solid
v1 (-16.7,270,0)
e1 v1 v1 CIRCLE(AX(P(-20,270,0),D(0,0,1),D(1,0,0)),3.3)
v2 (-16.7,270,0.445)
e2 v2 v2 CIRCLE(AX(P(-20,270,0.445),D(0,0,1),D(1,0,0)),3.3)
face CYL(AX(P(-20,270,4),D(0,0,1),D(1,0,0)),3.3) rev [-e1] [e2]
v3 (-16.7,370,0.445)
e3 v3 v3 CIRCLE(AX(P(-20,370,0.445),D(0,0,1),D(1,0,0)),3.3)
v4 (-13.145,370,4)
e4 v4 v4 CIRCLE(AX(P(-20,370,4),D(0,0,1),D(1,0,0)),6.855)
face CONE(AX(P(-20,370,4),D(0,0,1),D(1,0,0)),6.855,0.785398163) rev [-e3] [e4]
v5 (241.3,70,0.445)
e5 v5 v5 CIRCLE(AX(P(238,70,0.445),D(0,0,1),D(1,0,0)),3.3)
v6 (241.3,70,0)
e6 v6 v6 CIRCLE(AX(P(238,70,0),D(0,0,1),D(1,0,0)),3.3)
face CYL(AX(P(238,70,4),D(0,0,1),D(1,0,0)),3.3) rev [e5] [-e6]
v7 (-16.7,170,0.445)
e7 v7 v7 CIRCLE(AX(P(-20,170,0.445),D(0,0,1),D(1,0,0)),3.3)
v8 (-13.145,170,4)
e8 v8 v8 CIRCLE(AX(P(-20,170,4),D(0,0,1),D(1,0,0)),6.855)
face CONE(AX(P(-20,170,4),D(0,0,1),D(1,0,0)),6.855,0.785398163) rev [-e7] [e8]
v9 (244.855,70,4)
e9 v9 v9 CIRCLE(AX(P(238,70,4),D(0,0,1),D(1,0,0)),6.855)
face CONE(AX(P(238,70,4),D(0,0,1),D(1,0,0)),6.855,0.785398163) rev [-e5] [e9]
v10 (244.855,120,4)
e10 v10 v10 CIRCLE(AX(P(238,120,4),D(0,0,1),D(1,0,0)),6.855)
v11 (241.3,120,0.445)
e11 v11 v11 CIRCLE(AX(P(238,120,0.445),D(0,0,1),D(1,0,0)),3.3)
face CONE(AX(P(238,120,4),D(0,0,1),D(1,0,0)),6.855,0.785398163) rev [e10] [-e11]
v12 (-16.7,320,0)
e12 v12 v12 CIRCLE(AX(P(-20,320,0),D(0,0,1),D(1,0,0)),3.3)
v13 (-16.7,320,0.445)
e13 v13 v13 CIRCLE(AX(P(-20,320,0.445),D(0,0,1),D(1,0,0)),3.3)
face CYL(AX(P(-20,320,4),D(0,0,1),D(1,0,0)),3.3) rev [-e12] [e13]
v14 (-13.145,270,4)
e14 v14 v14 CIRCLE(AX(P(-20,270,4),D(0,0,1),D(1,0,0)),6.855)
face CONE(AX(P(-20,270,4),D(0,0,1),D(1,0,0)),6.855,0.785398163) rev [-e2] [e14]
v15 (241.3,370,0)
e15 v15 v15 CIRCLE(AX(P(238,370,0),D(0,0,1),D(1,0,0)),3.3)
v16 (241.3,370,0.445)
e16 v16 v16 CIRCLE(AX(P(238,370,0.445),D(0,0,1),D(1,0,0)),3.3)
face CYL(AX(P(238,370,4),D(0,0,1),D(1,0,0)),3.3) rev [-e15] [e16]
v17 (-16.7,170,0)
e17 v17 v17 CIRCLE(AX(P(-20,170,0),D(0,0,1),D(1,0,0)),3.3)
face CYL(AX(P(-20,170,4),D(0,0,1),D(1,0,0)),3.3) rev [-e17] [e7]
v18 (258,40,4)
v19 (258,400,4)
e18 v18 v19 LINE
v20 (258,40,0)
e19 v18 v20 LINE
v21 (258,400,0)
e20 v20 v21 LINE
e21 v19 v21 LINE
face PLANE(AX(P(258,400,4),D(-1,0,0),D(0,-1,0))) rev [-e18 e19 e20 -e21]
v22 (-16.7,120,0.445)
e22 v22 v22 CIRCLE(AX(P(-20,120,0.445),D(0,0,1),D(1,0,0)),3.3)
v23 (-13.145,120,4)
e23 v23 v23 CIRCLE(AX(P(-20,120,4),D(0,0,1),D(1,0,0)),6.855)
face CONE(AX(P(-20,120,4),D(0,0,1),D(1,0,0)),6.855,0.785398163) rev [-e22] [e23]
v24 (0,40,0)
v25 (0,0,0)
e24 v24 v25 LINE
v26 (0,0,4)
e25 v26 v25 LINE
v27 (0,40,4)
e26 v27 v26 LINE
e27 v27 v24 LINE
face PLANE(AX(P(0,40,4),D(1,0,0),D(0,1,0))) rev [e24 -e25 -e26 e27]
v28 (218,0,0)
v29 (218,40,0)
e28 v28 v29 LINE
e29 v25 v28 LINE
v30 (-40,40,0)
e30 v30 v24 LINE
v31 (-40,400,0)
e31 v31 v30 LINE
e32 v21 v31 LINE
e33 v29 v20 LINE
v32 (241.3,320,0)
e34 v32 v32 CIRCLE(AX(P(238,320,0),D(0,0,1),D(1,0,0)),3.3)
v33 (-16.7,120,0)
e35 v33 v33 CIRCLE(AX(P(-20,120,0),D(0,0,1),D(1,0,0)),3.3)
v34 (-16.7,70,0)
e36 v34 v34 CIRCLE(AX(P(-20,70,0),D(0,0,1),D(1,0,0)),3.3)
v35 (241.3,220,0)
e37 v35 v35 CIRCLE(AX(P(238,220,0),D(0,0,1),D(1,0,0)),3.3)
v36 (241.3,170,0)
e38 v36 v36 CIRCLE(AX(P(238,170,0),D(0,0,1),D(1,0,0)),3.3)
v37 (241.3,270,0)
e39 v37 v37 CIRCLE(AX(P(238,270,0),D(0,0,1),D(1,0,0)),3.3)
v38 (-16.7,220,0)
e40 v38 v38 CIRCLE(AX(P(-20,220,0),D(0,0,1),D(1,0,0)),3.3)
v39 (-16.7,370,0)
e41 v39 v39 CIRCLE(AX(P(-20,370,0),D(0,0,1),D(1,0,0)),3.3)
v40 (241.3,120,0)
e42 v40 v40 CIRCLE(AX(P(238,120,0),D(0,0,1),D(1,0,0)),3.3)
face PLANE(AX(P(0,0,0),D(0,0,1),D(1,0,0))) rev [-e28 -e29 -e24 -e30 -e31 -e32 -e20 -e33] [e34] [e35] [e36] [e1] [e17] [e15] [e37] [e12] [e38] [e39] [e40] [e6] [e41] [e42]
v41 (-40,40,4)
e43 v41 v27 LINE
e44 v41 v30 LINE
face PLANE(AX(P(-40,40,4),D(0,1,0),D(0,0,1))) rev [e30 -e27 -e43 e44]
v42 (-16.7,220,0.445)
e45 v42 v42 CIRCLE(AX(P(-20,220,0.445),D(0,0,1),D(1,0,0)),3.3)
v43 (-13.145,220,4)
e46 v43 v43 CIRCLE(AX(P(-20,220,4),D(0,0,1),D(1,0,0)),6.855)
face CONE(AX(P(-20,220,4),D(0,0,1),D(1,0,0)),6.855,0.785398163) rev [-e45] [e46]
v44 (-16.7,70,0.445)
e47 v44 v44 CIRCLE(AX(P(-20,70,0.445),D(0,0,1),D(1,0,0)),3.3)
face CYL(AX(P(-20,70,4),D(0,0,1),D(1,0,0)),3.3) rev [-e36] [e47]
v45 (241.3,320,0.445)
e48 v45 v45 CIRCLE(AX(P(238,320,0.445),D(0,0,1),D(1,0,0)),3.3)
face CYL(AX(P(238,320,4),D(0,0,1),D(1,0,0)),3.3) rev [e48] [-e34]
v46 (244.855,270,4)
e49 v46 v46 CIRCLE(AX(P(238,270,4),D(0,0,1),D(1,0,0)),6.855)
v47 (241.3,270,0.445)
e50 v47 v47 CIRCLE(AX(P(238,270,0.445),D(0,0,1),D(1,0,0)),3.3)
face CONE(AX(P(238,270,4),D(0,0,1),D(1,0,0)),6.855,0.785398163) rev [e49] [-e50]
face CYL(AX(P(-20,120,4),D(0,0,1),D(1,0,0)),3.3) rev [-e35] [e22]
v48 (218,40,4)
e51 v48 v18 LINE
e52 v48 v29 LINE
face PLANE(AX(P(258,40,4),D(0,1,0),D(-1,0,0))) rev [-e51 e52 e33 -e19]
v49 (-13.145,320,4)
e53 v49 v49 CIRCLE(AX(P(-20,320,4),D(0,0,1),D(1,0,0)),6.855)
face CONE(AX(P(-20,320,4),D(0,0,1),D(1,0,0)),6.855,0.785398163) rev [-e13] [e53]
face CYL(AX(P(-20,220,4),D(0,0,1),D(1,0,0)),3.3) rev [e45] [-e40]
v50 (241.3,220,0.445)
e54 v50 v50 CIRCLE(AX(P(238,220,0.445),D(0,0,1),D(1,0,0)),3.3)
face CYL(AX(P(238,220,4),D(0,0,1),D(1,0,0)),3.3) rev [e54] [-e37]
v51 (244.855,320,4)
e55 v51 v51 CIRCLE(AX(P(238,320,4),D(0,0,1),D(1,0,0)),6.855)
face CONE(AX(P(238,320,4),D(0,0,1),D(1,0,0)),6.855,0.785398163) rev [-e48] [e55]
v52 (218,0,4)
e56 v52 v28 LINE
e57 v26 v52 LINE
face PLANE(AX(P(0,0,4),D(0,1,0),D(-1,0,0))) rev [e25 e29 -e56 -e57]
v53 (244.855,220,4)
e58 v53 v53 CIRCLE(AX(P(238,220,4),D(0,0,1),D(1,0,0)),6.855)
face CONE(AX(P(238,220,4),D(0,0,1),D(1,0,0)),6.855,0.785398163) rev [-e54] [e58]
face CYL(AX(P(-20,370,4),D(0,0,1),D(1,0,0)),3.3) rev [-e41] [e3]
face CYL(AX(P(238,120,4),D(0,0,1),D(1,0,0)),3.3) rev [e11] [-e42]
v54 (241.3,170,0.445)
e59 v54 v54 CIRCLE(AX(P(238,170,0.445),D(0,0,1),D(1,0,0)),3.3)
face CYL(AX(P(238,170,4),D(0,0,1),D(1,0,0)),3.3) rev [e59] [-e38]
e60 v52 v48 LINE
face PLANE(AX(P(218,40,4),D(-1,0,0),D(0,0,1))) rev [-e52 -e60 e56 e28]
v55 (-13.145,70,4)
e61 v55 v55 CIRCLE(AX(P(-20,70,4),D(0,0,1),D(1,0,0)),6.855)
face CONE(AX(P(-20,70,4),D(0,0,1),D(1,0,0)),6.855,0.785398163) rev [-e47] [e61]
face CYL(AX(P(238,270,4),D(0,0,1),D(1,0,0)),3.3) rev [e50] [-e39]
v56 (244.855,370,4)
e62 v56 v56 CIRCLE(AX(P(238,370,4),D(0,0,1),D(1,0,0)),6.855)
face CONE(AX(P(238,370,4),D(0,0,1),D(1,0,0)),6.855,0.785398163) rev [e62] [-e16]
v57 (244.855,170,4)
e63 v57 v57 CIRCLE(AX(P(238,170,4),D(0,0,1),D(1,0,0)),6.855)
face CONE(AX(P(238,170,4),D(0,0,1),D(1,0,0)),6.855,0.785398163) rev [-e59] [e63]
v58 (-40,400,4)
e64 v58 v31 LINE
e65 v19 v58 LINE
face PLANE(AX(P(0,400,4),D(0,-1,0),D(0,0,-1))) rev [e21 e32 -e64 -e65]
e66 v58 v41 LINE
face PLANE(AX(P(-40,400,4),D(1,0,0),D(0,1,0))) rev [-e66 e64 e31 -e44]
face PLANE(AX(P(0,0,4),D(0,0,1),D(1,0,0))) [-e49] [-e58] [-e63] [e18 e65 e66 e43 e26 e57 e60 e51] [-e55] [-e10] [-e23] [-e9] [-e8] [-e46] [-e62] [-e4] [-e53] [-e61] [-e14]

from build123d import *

# Parameters (mm, degrees)
EXTRUDE_1_DEPTH             = 4
HOLE_WIZARD_M61_AT_2_COUNT  = 2
HOLE_WIZARD_M61_AT_2_PITCH  = 258
HOLE_WIZARD_M61_AT_3_COUNT  = 2
HOLE_WIZARD_M61_AT_3_PITCH  = 50
HOLE_WIZARD_M61_AT_4_COUNT  = 2
HOLE_WIZARD_M61_AT_4_PITCH  = 262.800304414
HOLE_WIZARD_M61_AT_5_COUNT  = 2
HOLE_WIZARD_M61_AT_5_PITCH  = 100
HOLE_WIZARD_M61_AT_6_COUNT  = 2
HOLE_WIZARD_M61_AT_6_PITCH  = 276.702005775
HOLE_WIZARD_M61_AT_7_COUNT  = 2
HOLE_WIZARD_M61_AT_7_PITCH  = 150
HOLE_WIZARD_M61_AT_8_COUNT  = 2
HOLE_WIZARD_M61_AT_8_PITCH  = 298.435922771
HOLE_WIZARD_M61_AT_9_COUNT  = 2
HOLE_WIZARD_M61_AT_9_PITCH  = 200
HOLE_WIZARD_M61_AT_10_COUNT = 2
HOLE_WIZARD_M61_AT_10_PITCH = 326.441418941
HOLE_WIZARD_M61_AT_11_COUNT = 2
HOLE_WIZARD_M61_AT_11_PITCH = 250
HOLE_WIZARD_M61_AT_12_COUNT = 2
HOLE_WIZARD_M61_AT_12_PITCH = 359.254784241
HOLE_WIZARD_M61_AT_13_COUNT = 2
HOLE_WIZARD_M61_AT_13_PITCH = 300
HOLE_WIZARD_M61_AT_14_COUNT = 2
HOLE_WIZARD_M61_AT_14_PITCH = 395.681690251


with BuildPart() as part:
    # Эскиз1 → Бобышка-Вытянуть1 (new body)
    with BuildSketch(Plane.XY):
        Polygon((0, 400), (-40, 400), (-40, 40), (0, 40), (0, 0), (218, 0), (218, 40), (258, 40), (258, 400), (218, 400), align=None)
    extrude(amount=EXTRUDE_1_DEPTH)

    # Эскиз2 → Зенковка для винта с потайной головкой и внутренним шестигранником M61 (revolve, cut)
    with BuildSketch(Plane(origin=(238, 70, 4), x_dir=(0, -1, 0), z_dir=(1, 0, 0))):
        Polygon((0, 0), (0, 4), (3.3, 4), (3.3, 3.555), (6.855, 0), align=None)
    hole_wizard_m61 = revolve(axis=Axis((238, 70, 10.35), (0, 0, -1)), mode=Mode.SUBTRACT)

    # Зенковка для винта с потайной головкой и внутренним шестигранником M61 at 2: Зенковка для винта с потайной головкой и внутренним шестигранником M61 ×2
    with Locations(*[(-i * HOLE_WIZARD_M61_AT_2_PITCH, 0, 0) for i in range(1, HOLE_WIZARD_M61_AT_2_COUNT)]):
        add(hole_wizard_m61, mode=Mode.SUBTRACT)

    # Зенковка для винта с потайной головкой и внутренним шестигранником M61 at 3: Зенковка для винта с потайной головкой и внутренним шестигранником M61 ×2
    with Locations(*[(0, i * HOLE_WIZARD_M61_AT_3_PITCH, 0) for i in range(1, HOLE_WIZARD_M61_AT_3_COUNT)]):
        add(hole_wizard_m61, mode=Mode.SUBTRACT)

    # Зенковка для винта с потайной головкой и внутренним шестигранником M61 at 4: Зенковка для винта с потайной головкой и внутренним шестигранником M61 ×2
    with Locations(*[Vector(-0.9817340226278134, 0.19025853151701805, 0) * (i * HOLE_WIZARD_M61_AT_4_PITCH) for i in range(1, HOLE_WIZARD_M61_AT_4_COUNT)]):
        add(hole_wizard_m61, mode=Mode.SUBTRACT)

    # Зенковка для винта с потайной головкой и внутренним шестигранником M61 at 5: Зенковка для винта с потайной головкой и внутренним шестигранником M61 ×2
    with Locations(*[(0, i * HOLE_WIZARD_M61_AT_5_PITCH, 0) for i in range(1, HOLE_WIZARD_M61_AT_5_COUNT)]):
        add(hole_wizard_m61, mode=Mode.SUBTRACT)

    # Зенковка для винта с потайной головкой и внутренним шестигранником M61 at 6: Зенковка для винта с потайной головкой и внутренним шестигранником M61 ×2
    with Locations(*[Vector(-0.9324110220206997, 0.36139962093825506, 0) * (i * HOLE_WIZARD_M61_AT_6_PITCH) for i in range(1, HOLE_WIZARD_M61_AT_6_COUNT)]):
        add(hole_wizard_m61, mode=Mode.SUBTRACT)

    # Зенковка для винта с потайной головкой и внутренним шестигранником M61 at 7: Зенковка для винта с потайной головкой и внутренним шестигранником M61 ×2
    with Locations(*[(0, i * HOLE_WIZARD_M61_AT_7_PITCH, 0) for i in range(1, HOLE_WIZARD_M61_AT_7_COUNT)]):
        add(hole_wizard_m61, mode=Mode.SUBTRACT)

    # Зенковка для винта с потайной головкой и внутренним шестигранником M61 at 8: Зенковка для винта с потайной головкой и внутренним шестигранником M61 ×2
    with Locations(*[Vector(-0.8645071866841932, 0.5026204573745298, 0) * (i * HOLE_WIZARD_M61_AT_8_PITCH) for i in range(1, HOLE_WIZARD_M61_AT_8_COUNT)]):
        add(hole_wizard_m61, mode=Mode.SUBTRACT)

    # Зенковка для винта с потайной головкой и внутренним шестигранником M61 at 9: Зенковка для винта с потайной головкой и внутренним шестигранником M61 ×2
    with Locations(*[(0, i * HOLE_WIZARD_M61_AT_9_PITCH, 0) for i in range(1, HOLE_WIZARD_M61_AT_9_COUNT)]):
        add(hole_wizard_m61, mode=Mode.SUBTRACT)

    # Зенковка для винта с потайной головкой и внутренним шестигранником M61 at 10: Зенковка для винта с потайной головкой и внутренним шестигранником M61 ×2
    with Locations(*[Vector(-0.7903408851647249, 0.61266735284087, 0) * (i * HOLE_WIZARD_M61_AT_10_PITCH) for i in range(1, HOLE_WIZARD_M61_AT_10_COUNT)]):
        add(hole_wizard_m61, mode=Mode.SUBTRACT)

    # Зенковка для винта с потайной головкой и внутренним шестигранником M61 at 11: Зенковка для винта с потайной головкой и внутренним шестигранником M61 ×2
    with Locations(*[(0, i * HOLE_WIZARD_M61_AT_11_PITCH, 0) for i in range(1, HOLE_WIZARD_M61_AT_11_COUNT)]):
        add(hole_wizard_m61, mode=Mode.SUBTRACT)

    # Зенковка для винта с потайной головкой и внутренним шестигранником M61 at 12: Зенковка для винта с потайной головкой и внутренним шестигранником M61 ×2
    with Locations(*[Vector(-0.7181532753840043, 0.6958849567674433, 0) * (i * HOLE_WIZARD_M61_AT_12_PITCH) for i in range(1, HOLE_WIZARD_M61_AT_12_COUNT)]):
        add(hole_wizard_m61, mode=Mode.SUBTRACT)

    # Зенковка для винта с потайной головкой и внутренним шестигранником M61 at 13: Зенковка для винта с потайной головкой и внутренним шестигранником M61 ×2
    with Locations(*[(0, i * HOLE_WIZARD_M61_AT_13_PITCH, 0) for i in range(1, HOLE_WIZARD_M61_AT_13_COUNT)]):
        add(hole_wizard_m61, mode=Mode.SUBTRACT)

    # Зенковка для винта с потайной головкой и внутренним шестигранником M61 at 14: Зенковка для винта с потайной головкой и внутренним шестигранником M61 ×2
    with Locations(*[Vector(-0.6520392688280492, 0.7581851963116815, 0) * (i * HOLE_WIZARD_M61_AT_14_PITCH) for i in range(1, HOLE_WIZARD_M61_AT_14_COUNT)]):
        add(hole_wizard_m61, mode=Mode.SUBTRACT)


solid = part.part
